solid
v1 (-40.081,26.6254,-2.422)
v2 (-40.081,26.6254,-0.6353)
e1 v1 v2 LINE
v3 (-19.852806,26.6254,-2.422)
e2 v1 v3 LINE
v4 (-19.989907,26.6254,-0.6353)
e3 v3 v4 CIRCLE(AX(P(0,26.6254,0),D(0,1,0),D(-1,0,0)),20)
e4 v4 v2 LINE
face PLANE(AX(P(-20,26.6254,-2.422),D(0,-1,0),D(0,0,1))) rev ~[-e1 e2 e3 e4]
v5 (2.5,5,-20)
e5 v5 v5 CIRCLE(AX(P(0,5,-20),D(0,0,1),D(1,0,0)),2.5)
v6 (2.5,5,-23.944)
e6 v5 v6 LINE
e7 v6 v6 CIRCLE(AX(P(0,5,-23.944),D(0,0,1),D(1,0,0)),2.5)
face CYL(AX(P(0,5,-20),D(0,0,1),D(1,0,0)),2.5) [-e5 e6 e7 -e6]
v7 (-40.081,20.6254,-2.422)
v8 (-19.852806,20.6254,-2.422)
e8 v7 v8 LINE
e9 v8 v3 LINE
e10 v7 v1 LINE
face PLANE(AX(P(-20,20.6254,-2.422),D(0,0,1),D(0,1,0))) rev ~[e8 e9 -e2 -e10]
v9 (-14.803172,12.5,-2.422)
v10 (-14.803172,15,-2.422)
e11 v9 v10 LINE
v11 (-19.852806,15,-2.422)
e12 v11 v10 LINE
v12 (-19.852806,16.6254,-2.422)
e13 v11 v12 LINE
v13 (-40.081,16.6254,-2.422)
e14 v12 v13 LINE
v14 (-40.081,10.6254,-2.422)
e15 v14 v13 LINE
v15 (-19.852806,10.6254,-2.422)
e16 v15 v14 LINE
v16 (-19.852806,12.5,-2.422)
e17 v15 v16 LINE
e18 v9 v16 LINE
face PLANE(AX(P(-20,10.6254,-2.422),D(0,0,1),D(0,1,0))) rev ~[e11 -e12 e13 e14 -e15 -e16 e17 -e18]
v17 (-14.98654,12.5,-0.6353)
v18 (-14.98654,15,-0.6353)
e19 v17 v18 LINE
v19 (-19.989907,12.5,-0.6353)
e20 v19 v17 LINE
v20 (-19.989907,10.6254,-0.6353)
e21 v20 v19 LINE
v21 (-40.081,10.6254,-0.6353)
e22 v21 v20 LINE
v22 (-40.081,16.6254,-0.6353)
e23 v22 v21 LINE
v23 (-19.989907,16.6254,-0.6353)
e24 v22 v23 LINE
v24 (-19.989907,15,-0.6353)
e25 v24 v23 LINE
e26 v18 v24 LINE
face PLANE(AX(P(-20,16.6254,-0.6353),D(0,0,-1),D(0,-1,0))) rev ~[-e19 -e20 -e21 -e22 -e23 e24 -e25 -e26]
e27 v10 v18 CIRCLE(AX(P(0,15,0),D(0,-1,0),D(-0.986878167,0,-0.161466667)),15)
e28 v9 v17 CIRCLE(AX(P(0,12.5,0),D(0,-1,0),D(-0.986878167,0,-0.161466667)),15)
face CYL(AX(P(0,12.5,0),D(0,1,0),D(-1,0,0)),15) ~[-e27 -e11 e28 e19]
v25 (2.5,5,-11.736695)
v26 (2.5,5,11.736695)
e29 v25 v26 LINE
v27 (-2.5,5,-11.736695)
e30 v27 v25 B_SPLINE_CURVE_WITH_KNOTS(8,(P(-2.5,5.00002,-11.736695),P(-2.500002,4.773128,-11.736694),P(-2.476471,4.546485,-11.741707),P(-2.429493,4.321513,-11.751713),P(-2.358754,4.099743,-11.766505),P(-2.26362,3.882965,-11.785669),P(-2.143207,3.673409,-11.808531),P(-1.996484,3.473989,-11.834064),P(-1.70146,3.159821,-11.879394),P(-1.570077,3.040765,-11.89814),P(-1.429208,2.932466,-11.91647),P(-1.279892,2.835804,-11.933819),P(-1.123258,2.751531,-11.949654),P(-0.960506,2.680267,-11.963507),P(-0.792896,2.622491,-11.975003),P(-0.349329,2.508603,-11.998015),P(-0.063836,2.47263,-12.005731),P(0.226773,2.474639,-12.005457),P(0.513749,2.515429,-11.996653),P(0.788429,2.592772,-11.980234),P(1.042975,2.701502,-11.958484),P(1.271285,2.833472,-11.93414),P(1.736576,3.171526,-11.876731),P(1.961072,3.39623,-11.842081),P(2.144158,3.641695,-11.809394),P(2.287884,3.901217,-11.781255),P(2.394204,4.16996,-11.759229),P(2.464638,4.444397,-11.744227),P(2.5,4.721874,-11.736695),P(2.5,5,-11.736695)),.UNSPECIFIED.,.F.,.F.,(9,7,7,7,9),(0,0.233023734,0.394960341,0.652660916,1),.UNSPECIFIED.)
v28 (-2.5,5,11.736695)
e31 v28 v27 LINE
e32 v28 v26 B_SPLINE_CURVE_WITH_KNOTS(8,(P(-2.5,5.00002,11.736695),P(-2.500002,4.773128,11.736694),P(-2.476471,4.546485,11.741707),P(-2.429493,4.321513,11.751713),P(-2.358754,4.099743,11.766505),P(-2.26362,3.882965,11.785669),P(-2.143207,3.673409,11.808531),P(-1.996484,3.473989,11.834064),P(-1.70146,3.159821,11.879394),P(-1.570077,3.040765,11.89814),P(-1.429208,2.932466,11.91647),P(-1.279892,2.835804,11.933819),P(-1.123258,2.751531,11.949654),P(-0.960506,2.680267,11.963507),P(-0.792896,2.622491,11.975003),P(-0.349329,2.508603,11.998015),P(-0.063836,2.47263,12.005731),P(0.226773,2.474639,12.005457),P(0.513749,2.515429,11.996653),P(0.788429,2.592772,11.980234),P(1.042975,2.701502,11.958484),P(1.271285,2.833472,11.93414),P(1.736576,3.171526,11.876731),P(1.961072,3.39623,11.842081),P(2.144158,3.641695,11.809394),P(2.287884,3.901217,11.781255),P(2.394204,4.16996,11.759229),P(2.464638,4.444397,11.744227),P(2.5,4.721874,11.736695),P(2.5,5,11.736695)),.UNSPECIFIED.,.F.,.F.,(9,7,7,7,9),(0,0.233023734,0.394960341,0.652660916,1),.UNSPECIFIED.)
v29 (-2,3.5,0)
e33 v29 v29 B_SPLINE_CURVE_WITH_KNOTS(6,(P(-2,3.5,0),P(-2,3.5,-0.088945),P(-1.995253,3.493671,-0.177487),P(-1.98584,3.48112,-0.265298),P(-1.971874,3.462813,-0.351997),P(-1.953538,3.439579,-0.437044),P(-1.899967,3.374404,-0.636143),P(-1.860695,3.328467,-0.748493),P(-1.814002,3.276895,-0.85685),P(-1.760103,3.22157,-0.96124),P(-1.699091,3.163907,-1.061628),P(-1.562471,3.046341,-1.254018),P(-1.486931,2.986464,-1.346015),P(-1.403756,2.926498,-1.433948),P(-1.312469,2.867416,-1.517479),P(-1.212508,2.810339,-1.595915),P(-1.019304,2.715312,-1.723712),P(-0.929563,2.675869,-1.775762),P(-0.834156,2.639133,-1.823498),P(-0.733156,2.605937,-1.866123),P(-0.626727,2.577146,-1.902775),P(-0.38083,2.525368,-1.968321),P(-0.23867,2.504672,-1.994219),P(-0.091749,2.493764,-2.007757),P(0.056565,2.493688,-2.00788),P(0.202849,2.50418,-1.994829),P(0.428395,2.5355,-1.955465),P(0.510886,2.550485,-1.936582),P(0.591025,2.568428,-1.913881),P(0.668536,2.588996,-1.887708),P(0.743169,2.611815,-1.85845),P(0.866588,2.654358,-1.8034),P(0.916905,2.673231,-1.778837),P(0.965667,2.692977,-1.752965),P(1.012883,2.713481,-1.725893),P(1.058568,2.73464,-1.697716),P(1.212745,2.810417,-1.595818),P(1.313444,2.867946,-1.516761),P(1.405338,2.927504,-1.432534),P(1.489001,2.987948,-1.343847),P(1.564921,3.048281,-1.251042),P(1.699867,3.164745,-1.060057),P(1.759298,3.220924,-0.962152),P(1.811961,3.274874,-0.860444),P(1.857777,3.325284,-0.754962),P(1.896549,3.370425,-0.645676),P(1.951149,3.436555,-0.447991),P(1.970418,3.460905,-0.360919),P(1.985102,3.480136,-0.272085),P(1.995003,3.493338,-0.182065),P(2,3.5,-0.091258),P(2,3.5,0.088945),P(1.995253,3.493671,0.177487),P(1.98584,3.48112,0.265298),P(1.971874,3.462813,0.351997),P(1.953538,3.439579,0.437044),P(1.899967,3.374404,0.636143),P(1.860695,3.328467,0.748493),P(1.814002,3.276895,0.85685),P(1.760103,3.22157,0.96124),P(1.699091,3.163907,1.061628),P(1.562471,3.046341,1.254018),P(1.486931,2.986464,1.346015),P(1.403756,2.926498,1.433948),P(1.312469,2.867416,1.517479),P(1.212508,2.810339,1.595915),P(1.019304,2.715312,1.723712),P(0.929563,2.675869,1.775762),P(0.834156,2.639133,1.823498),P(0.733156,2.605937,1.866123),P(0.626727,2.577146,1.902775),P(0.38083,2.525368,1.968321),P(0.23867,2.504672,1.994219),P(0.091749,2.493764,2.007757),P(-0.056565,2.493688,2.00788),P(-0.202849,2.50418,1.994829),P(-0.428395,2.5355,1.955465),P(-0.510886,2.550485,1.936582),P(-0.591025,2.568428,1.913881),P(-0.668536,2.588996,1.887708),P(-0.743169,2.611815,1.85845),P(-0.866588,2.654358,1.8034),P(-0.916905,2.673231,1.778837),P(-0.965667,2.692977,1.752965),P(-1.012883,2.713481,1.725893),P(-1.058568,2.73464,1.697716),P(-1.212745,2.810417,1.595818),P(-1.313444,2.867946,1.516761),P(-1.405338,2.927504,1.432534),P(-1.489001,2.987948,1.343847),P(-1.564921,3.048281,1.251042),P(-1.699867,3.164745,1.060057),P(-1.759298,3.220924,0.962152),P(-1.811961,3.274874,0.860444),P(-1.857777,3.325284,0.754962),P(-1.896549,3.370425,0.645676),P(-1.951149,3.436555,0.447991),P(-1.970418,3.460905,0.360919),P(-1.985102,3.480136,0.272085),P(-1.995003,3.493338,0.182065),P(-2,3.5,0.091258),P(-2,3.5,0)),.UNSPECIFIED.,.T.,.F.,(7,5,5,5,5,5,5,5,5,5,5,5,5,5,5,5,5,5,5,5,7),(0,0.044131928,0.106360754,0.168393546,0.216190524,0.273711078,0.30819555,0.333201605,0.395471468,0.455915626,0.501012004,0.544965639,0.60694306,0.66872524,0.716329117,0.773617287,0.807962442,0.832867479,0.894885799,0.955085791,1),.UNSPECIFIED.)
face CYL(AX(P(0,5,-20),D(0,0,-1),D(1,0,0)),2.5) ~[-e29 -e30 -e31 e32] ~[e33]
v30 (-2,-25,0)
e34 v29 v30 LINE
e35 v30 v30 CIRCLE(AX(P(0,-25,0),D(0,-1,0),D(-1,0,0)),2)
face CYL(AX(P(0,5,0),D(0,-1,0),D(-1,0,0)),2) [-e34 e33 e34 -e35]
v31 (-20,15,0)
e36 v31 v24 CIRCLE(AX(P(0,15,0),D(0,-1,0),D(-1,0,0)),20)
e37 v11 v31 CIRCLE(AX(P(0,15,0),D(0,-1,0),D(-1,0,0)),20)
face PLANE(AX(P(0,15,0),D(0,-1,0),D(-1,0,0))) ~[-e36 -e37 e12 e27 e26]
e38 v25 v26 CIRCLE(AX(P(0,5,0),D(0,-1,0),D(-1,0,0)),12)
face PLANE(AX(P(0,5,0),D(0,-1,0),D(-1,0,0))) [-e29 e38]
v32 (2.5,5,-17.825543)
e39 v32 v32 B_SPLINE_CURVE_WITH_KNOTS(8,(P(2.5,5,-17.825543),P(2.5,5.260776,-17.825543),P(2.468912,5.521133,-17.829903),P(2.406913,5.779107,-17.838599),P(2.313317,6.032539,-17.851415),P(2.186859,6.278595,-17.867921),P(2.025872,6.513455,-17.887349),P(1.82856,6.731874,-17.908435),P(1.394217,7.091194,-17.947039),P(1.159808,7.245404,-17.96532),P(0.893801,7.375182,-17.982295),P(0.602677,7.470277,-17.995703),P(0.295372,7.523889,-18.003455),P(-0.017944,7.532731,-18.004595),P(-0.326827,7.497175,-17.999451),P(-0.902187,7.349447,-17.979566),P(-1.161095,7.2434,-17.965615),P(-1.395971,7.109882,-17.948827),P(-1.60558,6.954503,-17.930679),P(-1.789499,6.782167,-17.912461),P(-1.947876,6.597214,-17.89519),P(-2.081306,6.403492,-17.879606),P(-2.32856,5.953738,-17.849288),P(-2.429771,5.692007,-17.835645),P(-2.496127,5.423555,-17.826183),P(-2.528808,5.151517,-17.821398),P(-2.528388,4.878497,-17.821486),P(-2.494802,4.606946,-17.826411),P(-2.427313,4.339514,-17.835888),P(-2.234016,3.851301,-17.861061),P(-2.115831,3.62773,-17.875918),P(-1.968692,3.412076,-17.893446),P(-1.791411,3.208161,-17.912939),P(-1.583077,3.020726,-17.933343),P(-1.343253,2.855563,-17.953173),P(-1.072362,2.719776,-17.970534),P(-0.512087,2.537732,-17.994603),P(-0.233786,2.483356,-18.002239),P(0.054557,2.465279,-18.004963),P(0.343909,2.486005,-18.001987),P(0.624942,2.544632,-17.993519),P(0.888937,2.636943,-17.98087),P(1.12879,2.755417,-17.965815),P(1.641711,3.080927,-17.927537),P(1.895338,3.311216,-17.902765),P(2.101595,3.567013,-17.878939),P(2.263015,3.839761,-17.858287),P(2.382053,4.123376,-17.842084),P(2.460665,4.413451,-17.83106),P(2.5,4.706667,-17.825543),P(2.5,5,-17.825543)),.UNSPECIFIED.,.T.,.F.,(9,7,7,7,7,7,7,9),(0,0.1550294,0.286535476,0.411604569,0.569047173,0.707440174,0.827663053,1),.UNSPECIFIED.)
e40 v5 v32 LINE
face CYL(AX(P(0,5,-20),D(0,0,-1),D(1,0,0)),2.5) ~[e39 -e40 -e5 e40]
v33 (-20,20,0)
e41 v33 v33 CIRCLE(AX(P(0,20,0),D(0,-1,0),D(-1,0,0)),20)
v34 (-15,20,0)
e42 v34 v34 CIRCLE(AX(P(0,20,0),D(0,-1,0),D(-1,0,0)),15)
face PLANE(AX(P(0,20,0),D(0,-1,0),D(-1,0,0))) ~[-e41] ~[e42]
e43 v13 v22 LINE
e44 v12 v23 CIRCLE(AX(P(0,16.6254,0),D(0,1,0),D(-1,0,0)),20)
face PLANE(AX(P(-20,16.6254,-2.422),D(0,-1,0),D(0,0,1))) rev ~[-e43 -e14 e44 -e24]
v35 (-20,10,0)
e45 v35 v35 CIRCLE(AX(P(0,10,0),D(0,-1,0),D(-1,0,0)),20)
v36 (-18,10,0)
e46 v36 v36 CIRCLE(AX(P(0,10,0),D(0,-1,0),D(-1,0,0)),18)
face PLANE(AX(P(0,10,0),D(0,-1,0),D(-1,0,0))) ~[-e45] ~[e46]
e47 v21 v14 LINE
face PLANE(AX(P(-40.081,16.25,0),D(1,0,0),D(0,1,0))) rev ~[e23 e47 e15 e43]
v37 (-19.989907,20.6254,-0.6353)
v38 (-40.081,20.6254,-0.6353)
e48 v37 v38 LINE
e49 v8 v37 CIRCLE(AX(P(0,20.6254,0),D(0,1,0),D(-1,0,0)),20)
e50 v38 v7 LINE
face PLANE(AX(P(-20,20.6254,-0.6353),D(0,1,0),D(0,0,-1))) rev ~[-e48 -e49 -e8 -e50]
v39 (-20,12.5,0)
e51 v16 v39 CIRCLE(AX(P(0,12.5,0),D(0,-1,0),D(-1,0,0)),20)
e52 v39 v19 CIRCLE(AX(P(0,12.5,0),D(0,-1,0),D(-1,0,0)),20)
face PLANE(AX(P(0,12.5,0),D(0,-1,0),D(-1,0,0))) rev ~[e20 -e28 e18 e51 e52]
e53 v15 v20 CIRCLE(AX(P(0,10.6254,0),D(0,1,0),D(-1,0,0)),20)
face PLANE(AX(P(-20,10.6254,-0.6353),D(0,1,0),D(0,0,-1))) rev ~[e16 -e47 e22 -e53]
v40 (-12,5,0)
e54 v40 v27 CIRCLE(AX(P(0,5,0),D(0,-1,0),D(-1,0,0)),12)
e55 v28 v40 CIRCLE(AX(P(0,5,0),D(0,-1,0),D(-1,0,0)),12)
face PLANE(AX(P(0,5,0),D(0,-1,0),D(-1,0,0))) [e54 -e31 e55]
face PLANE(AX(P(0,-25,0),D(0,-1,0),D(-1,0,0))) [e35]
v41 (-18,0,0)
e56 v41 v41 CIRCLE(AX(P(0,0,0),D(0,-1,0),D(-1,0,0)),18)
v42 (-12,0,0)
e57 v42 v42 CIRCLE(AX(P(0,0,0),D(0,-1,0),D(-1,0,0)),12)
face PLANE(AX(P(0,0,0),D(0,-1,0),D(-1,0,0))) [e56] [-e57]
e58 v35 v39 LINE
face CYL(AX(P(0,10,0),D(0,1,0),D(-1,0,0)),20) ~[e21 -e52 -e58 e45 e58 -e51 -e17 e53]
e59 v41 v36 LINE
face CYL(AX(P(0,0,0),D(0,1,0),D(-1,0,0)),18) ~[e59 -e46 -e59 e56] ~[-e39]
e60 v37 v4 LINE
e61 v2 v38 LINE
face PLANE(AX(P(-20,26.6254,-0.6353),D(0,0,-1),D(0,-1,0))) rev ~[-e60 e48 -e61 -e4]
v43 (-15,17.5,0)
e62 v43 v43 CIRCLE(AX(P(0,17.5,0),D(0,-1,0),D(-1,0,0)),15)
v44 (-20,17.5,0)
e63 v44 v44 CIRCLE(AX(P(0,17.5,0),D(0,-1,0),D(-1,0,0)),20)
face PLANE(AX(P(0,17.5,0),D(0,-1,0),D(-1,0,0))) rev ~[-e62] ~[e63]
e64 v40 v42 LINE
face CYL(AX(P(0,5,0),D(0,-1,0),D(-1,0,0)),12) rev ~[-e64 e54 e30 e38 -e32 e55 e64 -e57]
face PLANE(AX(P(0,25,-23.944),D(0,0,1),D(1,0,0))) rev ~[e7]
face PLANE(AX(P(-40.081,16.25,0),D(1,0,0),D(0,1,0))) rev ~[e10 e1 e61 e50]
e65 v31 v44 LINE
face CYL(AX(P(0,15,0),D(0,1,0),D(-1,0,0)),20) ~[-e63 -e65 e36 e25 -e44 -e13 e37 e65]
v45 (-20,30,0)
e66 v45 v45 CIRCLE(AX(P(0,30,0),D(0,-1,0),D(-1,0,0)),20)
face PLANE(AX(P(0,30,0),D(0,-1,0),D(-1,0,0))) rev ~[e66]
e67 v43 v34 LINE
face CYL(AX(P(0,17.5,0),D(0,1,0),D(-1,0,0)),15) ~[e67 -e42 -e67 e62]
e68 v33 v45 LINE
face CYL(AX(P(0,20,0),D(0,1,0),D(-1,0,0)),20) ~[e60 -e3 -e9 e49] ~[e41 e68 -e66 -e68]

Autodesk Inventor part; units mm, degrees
ref_plane "XZ Plane" through (0, 0, 0) normal (0, 1, 0) x (-1, 0, 0)
sketch "Sketch1" plane through (0, 0, 0) normal (0, 0, 1) x (1, 0, 0)
  line L0 (-18, 0) -> (-18, 10)
  line L1 (-18, 10) -> (-20, 10)
  line L2 (-20, 10) -> (-20, 12.5)
  line L3 (-20, 12.5) -> (-15, 12.5)
  line L4 (-15, 12.5) -> (-15, 15)
  line L5 (-15, 15) -> (-20, 15)
  line L6 (-20, 15) -> (-20, 17.5)
  line L7 (-20, 17.5) -> (-15, 17.5)
  line L8 (-15, 17.5) -> (-15, 20)
  line L9 (-15, 20) -> (-20, 20)
  line L10 (-20, 20) -> (-20, 30)
  line L11 (-20, 30) -> (0, 30)
  line L12 (0, 30) -> (0, 0)
  line L13 (-18, 0) -> (-12, 0)
  line L14 (-12, 5) -> (-2, 5)
  line L15 (-12, 0) -> (-18, 0)
  line L16 (-2, -25) -> (0, -25)
  line L17 (0, 0) -> (0, -25)
  line L18 (-2, 5) -> (-2, -25)
  line L19 (-12, 5) -> (-12, 0)
  dimension "d0" = 2.5
  dimension "d1" = 20
  dimension "d3" = 5
  dimension "d4" = 10
  dimension "d22" = 10
  dimension "d24" = 30
  dimension "d26" = 2
  dimension "d27" = 25
  dimension "d28" = 10
  dimension "d29" = 30
  dimension "d30" = 18
revolve "Revolution1" add sketch "Sketch1" angle 360 about axis through (0, 30, 0) along (0, -1, 0)
ref_plane "Work Plane4" through (-20, 16.25, 0) normal (1, 0, 0) x (0, 1, 0)
sketch "Sketch6" plane through (-20, 16.25, 0) normal (1, 0, 0) x (0, 1, 0)
  line L0 (4.3754, -2.422) -> (10.3754, -2.422)
  line L1 (10.3754, -2.422) -> (10.3754, -0.6353)
  line L2 (10.3754, -0.6353) -> (4.3754, -0.6353)
  line L3 (4.3754, -0.6353) -> (4.3754, -2.422)
  line L4 (0.3754, -0.6353) -> (-5.6246, -0.6353)
  line L5 (-5.6246, -0.6353) -> (-5.6246, -2.422)
  line L6 (-5.6246, -2.422) -> (0.3754, -2.422)
  line L7 (0.3754, -2.422) -> (0.3754, -0.6353)
  line L8 (-830.9186, 0) -> (19.0814, 0) projected
  point P0 (0, 0)
  dimension "d39" = 6
  dimension "d40" = 6
  dimension "d41" = 10
  dimension "d42" = 1.7867
  dimension "d43" = 1.7867
  dimension "d44" = 10.3753
  dimension "d45" = 0.6353
  dimension "d46" = 0.6353
  dimension "d47" = 8.706
extrude "Extrusion2" add sketch "Sketch6" along normal blind 21.1125 and the other way blind 20.081
ref_plane "Work Plane5" through (0, 25, -20) normal (0, 0, 1) x (1, 0, 0)
sketch "Sketch7" plane through (0, 25, -20) normal (0, 0, 1) x (1, 0, 0)
  circle A0 centre (0, -20) radius 2.5
  point P0 (0, -25)
  dimension "d48" = 5
  dimension "d49" = 5
extrude "Extrusion3" add sketch "Sketch7" along normal blind 36.4625 and the other way blind 3.944
properties part number "BallHolder"
